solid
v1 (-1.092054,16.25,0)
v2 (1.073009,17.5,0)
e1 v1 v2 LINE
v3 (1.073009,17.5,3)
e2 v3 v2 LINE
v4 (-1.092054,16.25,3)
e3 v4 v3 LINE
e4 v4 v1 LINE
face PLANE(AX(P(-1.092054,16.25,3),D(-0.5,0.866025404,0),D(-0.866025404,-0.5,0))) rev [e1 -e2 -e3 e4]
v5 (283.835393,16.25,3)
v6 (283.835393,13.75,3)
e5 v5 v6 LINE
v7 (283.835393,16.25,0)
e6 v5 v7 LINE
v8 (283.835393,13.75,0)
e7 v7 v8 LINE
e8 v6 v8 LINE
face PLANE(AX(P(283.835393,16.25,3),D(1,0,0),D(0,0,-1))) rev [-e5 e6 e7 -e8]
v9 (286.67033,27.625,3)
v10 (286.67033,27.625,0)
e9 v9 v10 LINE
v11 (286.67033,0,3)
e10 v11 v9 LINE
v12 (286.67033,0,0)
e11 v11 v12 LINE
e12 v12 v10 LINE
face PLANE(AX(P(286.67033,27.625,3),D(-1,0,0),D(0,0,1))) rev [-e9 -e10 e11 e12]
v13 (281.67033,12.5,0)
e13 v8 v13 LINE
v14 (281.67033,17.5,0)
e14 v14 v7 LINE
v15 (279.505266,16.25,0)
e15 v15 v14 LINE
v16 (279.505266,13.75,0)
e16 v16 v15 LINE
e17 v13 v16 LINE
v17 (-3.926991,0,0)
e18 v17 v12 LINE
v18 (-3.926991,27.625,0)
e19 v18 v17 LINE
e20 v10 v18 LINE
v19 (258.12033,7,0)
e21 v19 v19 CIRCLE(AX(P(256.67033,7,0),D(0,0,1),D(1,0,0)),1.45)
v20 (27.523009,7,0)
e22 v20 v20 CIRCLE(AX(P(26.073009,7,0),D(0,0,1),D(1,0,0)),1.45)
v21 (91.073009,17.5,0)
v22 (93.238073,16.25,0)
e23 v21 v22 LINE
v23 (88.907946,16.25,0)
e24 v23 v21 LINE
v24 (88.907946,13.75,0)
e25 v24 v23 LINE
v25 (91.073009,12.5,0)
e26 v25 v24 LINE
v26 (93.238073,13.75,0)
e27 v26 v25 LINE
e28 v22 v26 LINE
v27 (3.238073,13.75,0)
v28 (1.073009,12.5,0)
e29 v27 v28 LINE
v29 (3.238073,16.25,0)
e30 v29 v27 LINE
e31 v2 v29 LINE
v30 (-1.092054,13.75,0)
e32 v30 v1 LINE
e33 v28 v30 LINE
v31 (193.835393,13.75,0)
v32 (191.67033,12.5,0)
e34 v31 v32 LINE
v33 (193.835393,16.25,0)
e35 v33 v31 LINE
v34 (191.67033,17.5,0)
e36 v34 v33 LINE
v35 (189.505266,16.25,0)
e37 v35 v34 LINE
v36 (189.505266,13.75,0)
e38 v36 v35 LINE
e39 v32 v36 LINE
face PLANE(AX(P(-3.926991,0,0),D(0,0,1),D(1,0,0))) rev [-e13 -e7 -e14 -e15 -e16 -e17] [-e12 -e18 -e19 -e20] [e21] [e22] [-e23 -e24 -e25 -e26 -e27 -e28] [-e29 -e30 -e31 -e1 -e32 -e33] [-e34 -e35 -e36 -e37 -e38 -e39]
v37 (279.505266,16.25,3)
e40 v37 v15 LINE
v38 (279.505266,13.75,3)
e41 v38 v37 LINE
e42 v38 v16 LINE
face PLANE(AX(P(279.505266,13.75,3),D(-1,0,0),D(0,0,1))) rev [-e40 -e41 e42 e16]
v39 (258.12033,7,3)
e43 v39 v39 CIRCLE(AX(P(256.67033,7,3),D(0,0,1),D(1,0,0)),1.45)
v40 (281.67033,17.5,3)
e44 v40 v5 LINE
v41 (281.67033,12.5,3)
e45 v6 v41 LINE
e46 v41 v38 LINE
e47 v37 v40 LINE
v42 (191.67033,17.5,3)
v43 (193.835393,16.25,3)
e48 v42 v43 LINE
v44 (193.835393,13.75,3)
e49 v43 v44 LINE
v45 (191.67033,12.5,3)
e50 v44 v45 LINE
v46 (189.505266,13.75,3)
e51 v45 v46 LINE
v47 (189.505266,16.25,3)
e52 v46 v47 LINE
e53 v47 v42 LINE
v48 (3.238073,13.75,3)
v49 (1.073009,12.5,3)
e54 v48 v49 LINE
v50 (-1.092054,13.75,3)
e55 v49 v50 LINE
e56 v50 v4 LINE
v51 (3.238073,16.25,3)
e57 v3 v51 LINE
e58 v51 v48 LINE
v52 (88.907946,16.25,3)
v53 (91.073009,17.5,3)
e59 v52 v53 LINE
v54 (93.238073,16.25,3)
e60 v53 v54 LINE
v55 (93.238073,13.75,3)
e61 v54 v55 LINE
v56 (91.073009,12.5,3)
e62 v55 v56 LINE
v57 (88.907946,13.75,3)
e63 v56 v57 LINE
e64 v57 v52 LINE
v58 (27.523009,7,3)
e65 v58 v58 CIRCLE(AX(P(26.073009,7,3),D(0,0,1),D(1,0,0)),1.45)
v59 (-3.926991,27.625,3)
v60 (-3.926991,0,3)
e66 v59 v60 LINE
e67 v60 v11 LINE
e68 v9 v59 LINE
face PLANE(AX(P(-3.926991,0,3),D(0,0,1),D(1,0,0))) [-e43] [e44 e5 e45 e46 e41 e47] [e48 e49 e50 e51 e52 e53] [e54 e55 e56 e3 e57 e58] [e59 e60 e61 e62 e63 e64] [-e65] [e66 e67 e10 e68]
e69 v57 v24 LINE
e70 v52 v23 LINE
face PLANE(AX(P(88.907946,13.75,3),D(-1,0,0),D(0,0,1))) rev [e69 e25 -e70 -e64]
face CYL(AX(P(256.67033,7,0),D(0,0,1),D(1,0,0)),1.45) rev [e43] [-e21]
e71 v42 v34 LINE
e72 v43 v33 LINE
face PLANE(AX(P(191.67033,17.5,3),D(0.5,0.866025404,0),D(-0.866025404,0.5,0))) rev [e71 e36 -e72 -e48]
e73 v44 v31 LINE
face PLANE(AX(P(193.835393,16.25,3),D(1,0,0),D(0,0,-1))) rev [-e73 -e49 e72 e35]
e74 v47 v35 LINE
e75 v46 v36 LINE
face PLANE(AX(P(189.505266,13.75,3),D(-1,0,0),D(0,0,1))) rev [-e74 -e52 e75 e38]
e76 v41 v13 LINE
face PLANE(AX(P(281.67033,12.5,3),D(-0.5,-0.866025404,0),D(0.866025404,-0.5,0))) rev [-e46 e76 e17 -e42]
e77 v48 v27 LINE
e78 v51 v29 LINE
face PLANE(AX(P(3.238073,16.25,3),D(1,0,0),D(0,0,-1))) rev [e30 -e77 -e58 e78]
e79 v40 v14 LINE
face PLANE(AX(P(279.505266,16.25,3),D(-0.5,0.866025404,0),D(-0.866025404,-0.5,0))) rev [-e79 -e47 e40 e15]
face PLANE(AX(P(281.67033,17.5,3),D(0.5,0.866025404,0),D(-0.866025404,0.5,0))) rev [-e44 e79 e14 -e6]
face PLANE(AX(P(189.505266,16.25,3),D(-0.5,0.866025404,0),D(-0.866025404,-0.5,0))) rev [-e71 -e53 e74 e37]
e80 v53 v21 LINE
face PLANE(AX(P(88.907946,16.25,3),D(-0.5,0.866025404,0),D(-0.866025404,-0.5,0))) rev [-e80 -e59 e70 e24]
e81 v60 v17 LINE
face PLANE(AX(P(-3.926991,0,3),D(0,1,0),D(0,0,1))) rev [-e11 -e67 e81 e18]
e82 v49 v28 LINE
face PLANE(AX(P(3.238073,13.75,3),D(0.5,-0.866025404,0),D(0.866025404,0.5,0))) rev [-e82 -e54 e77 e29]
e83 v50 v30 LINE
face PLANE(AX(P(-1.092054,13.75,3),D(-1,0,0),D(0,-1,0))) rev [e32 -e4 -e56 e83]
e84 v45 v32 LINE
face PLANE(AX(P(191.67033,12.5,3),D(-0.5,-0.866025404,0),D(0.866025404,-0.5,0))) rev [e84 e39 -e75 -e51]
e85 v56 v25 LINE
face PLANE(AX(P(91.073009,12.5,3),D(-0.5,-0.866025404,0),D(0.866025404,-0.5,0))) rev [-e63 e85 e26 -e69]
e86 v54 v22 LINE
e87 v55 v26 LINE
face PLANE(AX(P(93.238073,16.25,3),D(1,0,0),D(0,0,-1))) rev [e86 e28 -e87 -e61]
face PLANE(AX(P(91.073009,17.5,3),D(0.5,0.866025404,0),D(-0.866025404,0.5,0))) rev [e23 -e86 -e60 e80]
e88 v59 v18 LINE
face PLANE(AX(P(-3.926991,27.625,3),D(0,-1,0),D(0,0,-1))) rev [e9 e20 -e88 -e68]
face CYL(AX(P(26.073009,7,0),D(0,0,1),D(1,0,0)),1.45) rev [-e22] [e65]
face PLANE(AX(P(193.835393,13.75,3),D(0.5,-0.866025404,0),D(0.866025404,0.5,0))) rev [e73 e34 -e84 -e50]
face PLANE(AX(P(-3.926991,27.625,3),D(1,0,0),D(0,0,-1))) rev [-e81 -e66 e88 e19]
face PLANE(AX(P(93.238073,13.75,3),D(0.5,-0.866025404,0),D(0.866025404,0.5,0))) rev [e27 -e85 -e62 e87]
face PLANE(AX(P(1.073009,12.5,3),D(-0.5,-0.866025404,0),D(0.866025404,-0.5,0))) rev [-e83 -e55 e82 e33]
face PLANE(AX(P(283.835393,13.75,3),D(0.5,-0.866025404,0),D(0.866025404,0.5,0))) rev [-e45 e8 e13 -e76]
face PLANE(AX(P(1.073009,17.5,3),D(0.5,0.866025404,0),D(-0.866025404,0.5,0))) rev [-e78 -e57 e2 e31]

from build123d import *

# Parameters (mm, degrees)
ESQUISSE5_W             = 290.597320494
ESQUISSE5_H             = 27.625
ESQUISSE5_R             = 1.1
EXTRUSION1_DEPTH        = 3
ESQUISSE4_R             = 1.45
ENL_V_MAT_EXTRU_2_DEPTH = 4
ENL_V_MAT_EXTRU_3_DEPTH = 4


with BuildPart() as part:
    # Esquisse5 → Extrusion1 (new body)
    with BuildSketch(Plane.XY):
        with Locations((141.37166943, 13.8125)):
            Rectangle(ESQUISSE5_W, ESQUISSE5_H)
        with Locations((281.670329677, 15)):
            Circle(ESQUISSE5_R, mode=Mode.SUBTRACT)
        with Locations((91.073009183, 15)):
            Circle(ESQUISSE5_R, mode=Mode.SUBTRACT)
        with Locations((1.073009183, 15)):
            Circle(ESQUISSE5_R, mode=Mode.SUBTRACT)
        with Locations((191.670329678, 15)):
            Circle(ESQUISSE5_R, mode=Mode.SUBTRACT)
    extrude(amount=EXTRUSION1_DEPTH)

    # Esquisse4 → Enlèv. mat.-Extru.2 (cut, through all)
    with BuildSketch(Plane.XY.offset(3)):
        with Locations((26.073009183, 7)):
            Circle(ESQUISSE4_R)
        with Locations((256.670329678, 7)):
            Circle(ESQUISSE4_R)
    extrude(amount=-ENL_V_MAT_EXTRU_2_DEPTH, mode=Mode.SUBTRACT)

    # Esquisse6 → Enlèv. mat.-Extru.3 (cut, through all)
    with BuildSketch(Plane(origin=(0, 0, 0), x_dir=(-1, 0, 0), z_dir=(0, 0, -1))):
        Polygon((-1.073009183, 12.5), (1.092054327, 13.75), (1.092054327, 16.25), (-1.073009183, 17.5), (-3.238072692, 16.25), (-3.238072692, 13.75), align=None)
        Polygon((-88.907945673, 13.75), (-88.907945673, 16.25), (-91.073009183, 17.5), (-93.238072692, 16.25), (-93.238072692, 13.75), (-91.073009183, 12.5), align=None)
        Polygon((-189.505266168, 13.75), (-189.505266168, 16.25), (-191.670329677, 17.5), (-193.835393187, 16.25), (-193.835393187, 13.75), (-191.670329677, 12.5), align=None)
        Polygon((-279.505266168, 13.75), (-279.505266168, 16.25), (-281.670329678, 17.5), (-283.835393187, 16.25), (-283.835393187, 13.75), (-281.670329677, 12.5), align=None)
    extrude(amount=-ENL_V_MAT_EXTRU_3_DEPTH, mode=Mode.SUBTRACT)


solid = part.part
